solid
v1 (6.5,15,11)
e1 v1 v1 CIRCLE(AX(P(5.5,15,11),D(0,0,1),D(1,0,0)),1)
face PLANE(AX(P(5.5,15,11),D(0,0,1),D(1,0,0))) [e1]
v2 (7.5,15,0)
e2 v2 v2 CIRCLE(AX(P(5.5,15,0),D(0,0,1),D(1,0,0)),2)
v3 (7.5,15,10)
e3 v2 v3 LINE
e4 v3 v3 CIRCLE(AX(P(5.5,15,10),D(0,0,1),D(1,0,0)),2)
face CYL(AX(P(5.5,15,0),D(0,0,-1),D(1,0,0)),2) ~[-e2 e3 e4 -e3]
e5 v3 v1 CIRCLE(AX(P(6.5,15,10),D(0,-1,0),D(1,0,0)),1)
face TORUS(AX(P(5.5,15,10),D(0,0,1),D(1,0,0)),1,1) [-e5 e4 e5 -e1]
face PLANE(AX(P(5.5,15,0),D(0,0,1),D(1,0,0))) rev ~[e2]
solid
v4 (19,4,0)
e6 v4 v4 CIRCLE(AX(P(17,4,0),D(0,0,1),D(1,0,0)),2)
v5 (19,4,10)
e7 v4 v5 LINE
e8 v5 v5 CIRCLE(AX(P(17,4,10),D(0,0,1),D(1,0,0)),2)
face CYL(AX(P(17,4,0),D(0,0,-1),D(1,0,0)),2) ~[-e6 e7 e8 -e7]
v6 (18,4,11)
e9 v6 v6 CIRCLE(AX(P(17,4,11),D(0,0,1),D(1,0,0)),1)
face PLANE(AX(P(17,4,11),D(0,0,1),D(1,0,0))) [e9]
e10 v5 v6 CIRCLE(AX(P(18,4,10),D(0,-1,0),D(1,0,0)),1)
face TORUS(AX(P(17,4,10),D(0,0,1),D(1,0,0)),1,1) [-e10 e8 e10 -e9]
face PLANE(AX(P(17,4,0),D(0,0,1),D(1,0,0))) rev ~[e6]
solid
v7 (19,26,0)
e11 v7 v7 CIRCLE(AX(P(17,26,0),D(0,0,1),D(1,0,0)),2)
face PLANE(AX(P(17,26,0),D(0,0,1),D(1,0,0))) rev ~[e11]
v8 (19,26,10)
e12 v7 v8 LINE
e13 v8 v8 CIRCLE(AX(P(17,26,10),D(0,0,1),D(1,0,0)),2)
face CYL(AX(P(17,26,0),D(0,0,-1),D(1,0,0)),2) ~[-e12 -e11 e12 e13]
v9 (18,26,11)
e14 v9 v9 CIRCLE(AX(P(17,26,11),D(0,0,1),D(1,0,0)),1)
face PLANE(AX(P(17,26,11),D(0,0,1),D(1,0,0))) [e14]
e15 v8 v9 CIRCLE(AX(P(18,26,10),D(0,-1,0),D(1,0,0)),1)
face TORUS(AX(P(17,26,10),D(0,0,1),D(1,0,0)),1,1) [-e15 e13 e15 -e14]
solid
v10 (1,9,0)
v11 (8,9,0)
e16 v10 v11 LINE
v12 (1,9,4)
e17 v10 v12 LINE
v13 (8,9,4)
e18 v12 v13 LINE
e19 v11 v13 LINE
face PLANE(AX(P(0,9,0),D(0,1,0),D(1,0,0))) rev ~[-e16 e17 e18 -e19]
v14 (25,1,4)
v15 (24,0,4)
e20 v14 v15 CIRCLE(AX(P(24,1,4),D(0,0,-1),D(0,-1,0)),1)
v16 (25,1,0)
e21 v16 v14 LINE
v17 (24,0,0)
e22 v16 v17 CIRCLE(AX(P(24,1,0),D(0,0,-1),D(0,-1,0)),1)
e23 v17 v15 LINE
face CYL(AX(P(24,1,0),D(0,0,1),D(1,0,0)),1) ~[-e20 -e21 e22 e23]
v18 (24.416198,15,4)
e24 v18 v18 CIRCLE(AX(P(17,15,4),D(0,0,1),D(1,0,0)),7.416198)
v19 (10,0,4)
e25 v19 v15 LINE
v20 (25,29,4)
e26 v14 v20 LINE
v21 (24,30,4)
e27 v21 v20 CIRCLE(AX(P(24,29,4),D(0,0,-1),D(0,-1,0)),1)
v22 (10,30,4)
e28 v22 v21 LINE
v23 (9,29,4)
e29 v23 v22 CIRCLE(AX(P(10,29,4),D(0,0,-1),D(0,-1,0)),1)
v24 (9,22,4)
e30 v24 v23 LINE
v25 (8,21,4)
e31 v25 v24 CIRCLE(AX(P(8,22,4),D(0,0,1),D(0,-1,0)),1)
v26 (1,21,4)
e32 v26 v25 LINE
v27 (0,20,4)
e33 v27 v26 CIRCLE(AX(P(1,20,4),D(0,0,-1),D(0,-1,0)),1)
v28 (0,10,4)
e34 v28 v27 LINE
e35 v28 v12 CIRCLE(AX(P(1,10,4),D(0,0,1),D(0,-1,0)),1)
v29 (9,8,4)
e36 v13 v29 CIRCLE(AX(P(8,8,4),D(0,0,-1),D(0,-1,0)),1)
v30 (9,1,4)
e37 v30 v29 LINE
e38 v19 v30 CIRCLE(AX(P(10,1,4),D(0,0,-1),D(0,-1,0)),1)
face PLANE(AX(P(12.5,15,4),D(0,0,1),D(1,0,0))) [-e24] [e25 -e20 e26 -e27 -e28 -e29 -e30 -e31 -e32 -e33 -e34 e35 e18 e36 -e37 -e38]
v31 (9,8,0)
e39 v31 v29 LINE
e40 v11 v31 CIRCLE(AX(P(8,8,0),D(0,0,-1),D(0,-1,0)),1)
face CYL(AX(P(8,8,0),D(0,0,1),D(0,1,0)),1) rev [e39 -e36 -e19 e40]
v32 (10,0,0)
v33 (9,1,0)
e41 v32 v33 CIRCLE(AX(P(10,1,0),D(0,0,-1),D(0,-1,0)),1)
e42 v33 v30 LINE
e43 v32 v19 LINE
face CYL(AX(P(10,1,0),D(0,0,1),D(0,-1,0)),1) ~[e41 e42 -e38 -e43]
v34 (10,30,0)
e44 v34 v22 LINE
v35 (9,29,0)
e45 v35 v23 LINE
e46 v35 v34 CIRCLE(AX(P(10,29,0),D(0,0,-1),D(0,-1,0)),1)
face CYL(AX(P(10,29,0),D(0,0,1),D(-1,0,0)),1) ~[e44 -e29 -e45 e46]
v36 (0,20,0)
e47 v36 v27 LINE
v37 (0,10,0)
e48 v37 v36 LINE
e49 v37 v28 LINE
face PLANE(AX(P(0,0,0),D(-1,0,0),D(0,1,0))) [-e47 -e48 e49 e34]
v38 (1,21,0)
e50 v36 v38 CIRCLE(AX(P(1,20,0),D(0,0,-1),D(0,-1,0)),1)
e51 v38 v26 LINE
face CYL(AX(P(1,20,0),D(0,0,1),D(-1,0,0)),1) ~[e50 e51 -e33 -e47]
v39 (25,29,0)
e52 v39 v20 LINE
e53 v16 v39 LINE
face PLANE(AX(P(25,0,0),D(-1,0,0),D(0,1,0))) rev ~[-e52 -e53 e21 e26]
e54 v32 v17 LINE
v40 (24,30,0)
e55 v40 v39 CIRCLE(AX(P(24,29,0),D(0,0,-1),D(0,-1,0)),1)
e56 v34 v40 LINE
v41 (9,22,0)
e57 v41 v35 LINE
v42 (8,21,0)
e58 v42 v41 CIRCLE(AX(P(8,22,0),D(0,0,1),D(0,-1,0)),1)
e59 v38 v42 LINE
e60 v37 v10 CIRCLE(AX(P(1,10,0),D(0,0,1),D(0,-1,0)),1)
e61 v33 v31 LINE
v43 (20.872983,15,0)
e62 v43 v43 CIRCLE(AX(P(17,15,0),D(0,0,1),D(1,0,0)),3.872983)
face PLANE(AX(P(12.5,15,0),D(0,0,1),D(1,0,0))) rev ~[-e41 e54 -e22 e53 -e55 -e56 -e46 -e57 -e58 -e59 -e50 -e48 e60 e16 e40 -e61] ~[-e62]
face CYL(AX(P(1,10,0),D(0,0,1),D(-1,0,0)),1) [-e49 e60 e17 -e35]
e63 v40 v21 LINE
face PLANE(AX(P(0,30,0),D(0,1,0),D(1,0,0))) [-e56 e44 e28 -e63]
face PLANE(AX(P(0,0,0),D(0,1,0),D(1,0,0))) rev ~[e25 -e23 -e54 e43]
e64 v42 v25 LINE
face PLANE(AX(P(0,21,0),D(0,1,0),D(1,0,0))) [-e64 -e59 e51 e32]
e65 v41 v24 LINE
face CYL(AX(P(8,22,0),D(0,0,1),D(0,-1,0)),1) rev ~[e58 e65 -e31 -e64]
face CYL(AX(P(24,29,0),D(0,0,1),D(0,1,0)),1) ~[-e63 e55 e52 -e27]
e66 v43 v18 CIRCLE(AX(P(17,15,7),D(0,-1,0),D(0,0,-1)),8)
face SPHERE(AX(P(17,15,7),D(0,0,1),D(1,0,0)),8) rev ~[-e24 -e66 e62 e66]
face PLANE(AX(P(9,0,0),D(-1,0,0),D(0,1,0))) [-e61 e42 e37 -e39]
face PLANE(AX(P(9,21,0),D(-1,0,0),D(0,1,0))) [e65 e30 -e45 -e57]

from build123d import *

# Parameters (mm, degrees)
BOX002_W          = 9
BOX002_H          = 9
BOX002_DEPTH      = 4
BOX001_W          = 9
BOX001_H          = 9
BOX001_DEPTH      = 4
BOX_W             = 25
BOX_H             = 30
BOX_DEPTH         = 4
FILLET_R          = 1
CYLINDER_R        = 2
CYLINDER_DEPTH    = 11
FILLET001_R       = 1
CYLINDER002_R     = 2
CYLINDER002_DEPTH = 11
FILLET002_R       = 1
CYLINDER001_R     = 2
CYLINDER001_DEPTH = 11
FILLET003_R       = 1


with BuildPart() as cube002:
    # Box002 → Box002 (new body)
    with BuildSketch(Plane(origin=(0, 21, 0), x_dir=(1, 0, 0), z_dir=(0, 0, 1))):
        with Locations((4.5, 4.5)):
            Rectangle(BOX002_W, BOX002_H)
    extrude(amount=BOX002_DEPTH)


with BuildPart() as cube001:
    # Box001 → Box001 (new body)
    with BuildSketch(Plane.XY):
        with Locations((4.5, 4.5)):
            Rectangle(BOX001_W, BOX001_H)
    extrude(amount=BOX001_DEPTH)


with BuildPart() as sphere:
    # Sphere → Sphere (revolve)
    with BuildSketch(Plane(origin=(17, 15, 7), x_dir=(1, 0, 0), z_dir=(0, -1, 0))):
        with BuildLine():
            ThreePointArc((0, -8), (8, 0), (0, 8))
            Line((0, 8), (0, -8))
        make_face()
    revolve(axis=Axis((17, 15, 7), (0, 0, 1)))


with BuildPart() as fillet_body:
    # Box → Box (new body)
    with BuildSketch(Plane.XY):
        with Locations((12.5, 15)):
            Rectangle(BOX_W, BOX_H)
    extrude(amount=BOX_DEPTH)

    # Cut: cut Sphere
    add(sphere.part, mode=Mode.SUBTRACT)

    # Cut001: cut Cube001
    add(cube001.part, mode=Mode.SUBTRACT)

    # Cut002: cut Cube002
    add(cube002.part, mode=Mode.SUBTRACT)

    # Fillet
    fillet_edges = [fillet_body.edges().sort_by_distance(p)[0] for p in [
        (0, 21, 2),
        (0, 9, 2),
        (9, 21, 2),
        (9, 9, 2),
        (9, 30, 2),
        (25, 30, 2),
        (25, 0, 2),
        (9, 0, 2),
    ]]
    fillet(fillet_edges, radius=FILLET_R)


with BuildPart() as fillet001:
    # Cylinder → Cylinder (new body)
    with BuildSketch(Plane(origin=(5.5, 15, 0), x_dir=(1, 0, 0), z_dir=(0, 0, 1))):
        Circle(CYLINDER_R)
    extrude(amount=CYLINDER_DEPTH)

    # Fillet001
    fillet001_edges = [fillet001.edges().sort_by_distance(p)[0] for p in [
        (3.5, 15, 11),
    ]]
    fillet(fillet001_edges, radius=FILLET001_R)


with BuildPart() as fillet002:
    # Cylinder002 → Cylinder002 (new body)
    with BuildSketch(Plane(origin=(17, 4, 0), x_dir=(1, 0, 0), z_dir=(0, 0, 1))):
        Circle(CYLINDER002_R)
    extrude(amount=CYLINDER002_DEPTH)

    # Fillet002
    fillet002_edges = [fillet002.edges().sort_by_distance(p)[0] for p in [
        (15, 4, 11),
    ]]
    fillet(fillet002_edges, radius=FILLET002_R)


with BuildPart() as fillet003:
    # Cylinder001 → Cylinder001 (new body)
    with BuildSketch(Plane(origin=(17, 26, 0), x_dir=(1, 0, 0), z_dir=(0, 0, 1))):
        Circle(CYLINDER001_R)
    extrude(amount=CYLINDER001_DEPTH)

    # Fillet003
    fillet003_edges = [fillet003.edges().sort_by_distance(p)[0] for p in [
        (15, 26, 11),
    ]]
    fillet(fillet003_edges, radius=FILLET003_R)


solid = Compound([fillet_body.part, fillet001.part, fillet002.part, fillet003.part])
